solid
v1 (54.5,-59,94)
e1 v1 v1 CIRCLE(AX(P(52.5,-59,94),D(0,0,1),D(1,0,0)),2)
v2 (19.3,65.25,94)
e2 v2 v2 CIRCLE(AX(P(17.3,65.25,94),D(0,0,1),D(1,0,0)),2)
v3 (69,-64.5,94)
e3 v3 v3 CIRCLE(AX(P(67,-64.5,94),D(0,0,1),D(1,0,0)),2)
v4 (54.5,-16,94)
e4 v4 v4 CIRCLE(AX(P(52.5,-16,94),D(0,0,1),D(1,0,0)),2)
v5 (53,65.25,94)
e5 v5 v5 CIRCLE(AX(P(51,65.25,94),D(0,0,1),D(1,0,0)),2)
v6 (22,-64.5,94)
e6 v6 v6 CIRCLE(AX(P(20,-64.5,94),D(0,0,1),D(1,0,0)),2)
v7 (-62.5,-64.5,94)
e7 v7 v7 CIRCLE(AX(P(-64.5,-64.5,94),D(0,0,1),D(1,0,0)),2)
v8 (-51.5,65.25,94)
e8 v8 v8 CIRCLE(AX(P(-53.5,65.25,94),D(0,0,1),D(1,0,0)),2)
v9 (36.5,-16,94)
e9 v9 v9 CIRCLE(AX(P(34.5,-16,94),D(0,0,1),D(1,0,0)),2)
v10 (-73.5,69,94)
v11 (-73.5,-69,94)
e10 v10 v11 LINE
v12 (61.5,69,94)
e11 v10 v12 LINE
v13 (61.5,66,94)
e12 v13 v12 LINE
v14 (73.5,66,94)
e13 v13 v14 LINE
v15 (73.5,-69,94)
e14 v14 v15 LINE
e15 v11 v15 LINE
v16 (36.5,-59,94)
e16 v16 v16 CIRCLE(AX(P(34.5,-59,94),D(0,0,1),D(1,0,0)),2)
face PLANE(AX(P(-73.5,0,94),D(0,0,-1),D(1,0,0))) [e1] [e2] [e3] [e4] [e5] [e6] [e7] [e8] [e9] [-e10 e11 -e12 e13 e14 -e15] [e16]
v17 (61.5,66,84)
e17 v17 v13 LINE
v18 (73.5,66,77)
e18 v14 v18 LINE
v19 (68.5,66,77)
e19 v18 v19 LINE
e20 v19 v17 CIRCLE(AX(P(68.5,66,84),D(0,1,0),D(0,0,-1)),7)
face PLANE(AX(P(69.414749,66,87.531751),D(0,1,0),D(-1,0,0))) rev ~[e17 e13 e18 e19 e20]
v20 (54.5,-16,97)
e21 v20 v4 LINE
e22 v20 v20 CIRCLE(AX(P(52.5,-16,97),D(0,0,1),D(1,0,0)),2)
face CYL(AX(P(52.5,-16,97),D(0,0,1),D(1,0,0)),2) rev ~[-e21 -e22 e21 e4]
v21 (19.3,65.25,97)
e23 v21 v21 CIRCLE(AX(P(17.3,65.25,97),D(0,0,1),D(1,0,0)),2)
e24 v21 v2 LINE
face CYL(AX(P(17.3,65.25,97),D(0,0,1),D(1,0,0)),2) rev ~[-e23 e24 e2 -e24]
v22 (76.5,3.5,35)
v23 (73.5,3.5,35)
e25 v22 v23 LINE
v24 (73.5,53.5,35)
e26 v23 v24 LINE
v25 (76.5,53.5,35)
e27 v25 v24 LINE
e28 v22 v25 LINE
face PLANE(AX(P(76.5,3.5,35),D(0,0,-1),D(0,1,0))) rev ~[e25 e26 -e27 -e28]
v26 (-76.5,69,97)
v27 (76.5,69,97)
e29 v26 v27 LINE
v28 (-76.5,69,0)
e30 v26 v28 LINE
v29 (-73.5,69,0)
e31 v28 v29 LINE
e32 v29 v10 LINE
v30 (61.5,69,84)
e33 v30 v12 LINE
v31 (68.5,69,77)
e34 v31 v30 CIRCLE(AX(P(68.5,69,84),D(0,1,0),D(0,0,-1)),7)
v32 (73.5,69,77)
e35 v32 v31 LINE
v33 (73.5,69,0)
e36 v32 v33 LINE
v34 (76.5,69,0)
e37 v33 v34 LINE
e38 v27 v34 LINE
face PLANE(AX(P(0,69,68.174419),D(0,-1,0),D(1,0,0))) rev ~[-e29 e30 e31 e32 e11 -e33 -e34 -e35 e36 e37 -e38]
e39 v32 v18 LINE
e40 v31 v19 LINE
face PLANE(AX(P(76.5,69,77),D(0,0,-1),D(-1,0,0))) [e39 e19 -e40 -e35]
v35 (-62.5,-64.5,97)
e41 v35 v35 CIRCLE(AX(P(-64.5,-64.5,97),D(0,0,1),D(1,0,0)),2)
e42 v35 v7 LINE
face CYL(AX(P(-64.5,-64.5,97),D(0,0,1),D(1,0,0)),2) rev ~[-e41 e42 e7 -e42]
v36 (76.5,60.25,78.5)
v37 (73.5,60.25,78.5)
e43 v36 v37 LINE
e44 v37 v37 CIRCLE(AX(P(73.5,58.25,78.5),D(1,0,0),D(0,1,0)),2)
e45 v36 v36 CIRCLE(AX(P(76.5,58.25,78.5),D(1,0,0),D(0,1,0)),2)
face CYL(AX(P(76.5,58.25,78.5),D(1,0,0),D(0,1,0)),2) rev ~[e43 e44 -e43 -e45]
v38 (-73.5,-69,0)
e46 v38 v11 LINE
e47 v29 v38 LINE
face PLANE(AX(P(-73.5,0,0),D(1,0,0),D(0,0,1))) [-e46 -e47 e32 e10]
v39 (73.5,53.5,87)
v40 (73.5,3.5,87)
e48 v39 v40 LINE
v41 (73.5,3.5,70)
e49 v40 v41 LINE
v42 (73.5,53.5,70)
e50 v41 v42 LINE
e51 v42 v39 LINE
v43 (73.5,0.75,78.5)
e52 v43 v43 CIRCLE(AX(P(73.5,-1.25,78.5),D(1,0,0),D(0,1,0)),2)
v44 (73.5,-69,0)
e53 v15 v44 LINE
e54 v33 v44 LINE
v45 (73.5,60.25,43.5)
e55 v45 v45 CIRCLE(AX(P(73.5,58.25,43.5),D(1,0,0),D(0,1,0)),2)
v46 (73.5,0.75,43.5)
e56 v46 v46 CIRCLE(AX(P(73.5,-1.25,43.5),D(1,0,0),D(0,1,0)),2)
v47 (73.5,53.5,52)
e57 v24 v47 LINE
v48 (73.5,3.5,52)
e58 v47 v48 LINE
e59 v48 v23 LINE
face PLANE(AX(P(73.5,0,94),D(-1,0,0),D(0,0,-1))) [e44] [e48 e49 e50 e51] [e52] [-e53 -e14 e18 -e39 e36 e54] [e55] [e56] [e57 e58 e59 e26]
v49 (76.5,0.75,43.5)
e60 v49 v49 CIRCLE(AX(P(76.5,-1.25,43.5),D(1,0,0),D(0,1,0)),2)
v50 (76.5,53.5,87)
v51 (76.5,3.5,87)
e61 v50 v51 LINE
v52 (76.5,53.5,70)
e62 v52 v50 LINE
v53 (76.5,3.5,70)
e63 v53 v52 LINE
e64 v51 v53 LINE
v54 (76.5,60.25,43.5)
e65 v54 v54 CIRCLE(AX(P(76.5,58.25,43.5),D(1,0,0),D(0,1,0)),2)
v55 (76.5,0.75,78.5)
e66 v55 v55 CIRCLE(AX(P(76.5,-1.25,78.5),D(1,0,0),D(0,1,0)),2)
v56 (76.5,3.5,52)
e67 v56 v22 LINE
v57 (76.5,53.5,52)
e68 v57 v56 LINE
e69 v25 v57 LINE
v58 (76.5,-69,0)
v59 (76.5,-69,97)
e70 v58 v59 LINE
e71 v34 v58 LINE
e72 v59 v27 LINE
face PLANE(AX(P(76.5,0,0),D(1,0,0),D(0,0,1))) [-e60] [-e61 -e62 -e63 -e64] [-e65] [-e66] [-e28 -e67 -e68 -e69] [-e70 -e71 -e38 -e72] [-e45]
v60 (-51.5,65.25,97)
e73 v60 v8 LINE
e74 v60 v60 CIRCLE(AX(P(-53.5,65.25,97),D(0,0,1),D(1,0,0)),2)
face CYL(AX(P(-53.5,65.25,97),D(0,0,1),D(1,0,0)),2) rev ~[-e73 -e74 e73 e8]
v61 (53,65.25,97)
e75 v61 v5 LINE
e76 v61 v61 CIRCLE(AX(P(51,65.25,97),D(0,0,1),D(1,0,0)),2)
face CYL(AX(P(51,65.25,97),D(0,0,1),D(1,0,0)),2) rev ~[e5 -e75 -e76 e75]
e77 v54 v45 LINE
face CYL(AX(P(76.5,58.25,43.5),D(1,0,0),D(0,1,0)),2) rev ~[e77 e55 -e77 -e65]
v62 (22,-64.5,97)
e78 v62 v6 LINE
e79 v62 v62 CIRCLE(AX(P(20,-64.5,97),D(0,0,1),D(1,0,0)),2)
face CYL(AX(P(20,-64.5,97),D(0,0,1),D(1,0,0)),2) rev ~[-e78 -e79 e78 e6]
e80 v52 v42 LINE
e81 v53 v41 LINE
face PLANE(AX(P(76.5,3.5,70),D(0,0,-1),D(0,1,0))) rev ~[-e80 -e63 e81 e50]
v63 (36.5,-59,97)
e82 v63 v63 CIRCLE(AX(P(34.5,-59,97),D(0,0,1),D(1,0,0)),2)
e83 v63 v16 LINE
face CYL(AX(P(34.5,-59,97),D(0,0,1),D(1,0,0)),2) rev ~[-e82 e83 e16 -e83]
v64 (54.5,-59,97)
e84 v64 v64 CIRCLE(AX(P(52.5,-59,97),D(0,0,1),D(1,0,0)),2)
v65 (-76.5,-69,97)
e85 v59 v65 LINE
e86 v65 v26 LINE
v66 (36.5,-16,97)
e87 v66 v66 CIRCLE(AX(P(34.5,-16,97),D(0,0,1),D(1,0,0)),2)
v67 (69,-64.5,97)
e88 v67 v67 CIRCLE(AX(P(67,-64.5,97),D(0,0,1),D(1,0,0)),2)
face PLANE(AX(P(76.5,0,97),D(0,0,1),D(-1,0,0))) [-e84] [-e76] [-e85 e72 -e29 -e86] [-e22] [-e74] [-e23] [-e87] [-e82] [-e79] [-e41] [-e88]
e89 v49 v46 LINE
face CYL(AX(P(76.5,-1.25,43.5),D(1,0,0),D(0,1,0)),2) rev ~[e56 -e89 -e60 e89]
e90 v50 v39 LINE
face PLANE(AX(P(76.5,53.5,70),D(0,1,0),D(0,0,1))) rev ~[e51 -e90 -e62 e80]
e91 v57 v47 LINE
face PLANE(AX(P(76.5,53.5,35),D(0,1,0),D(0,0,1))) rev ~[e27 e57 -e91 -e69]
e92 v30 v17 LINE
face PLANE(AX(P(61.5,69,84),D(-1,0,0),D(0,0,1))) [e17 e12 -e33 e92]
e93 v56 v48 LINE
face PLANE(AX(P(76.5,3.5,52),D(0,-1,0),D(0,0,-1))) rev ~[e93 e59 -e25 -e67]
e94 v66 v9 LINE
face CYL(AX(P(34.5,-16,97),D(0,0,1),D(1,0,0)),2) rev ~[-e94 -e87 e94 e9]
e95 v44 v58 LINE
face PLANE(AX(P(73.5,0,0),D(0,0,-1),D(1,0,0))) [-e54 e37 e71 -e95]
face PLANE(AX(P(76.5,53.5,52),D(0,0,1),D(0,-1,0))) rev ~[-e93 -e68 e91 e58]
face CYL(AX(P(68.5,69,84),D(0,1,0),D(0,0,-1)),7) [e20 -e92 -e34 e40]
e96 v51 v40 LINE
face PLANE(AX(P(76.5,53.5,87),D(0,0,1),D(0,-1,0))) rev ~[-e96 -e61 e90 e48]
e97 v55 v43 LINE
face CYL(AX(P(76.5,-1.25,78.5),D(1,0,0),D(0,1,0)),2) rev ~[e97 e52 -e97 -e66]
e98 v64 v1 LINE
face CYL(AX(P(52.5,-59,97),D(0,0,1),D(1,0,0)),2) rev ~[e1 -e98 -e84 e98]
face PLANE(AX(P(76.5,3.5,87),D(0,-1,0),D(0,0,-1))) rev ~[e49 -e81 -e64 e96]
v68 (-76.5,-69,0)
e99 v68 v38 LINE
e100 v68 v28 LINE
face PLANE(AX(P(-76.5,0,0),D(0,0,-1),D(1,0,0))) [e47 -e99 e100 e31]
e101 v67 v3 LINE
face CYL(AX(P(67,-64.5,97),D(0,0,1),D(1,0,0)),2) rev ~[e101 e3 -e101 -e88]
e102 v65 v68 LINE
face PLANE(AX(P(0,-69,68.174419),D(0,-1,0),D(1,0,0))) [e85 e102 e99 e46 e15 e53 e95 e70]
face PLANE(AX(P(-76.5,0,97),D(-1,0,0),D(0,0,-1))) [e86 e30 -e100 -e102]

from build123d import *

# Parameters (mm, degrees)
F1_DEPTH = 69
F2_R     = 2
F3_DEPTH = 3
F4_R     = 2
F5_DEPTH = 3
F7_DEPTH = 3


with BuildPart() as f1:
    # F0 (on Front) → F1 (new body, symmetric)
    with BuildSketch(Plane.XZ):
        Polygon((-76.5, 0), (-73.5, 0), (-73.5, 94), (0, 94), (73.5, 94), (73.5, 0), (76.5, 0), (76.5, 97), (0, 97), (-76.5, 97), align=None)
    extrude(amount=F1_DEPTH, both=True)

    # F2 (on face) → F3 (cut, through all)
    with BuildSketch(Plane.YZ.offset(76.5)):
        Polygon((53.5, 87), (28.5, 87), (3.5, 87), (3.5, 70), (28.5, 70), (53.5, 70), align=None)
        with Locations((-1.25, 78.5)):
            Circle(F2_R)
        with Locations((58.25, 78.5)):
            Circle(F2_R)
        with Locations((-1.25, 43.5)):
            Circle(F2_R)
        Polygon((28.5, 52), (3.5, 52), (3.5, 35), (28.5, 35), (53.5, 35), (53.5, 52), align=None)
        with Locations((58.25, 43.5)):
            Circle(F2_R)
    extrude(amount=-F3_DEPTH, mode=Mode.SUBTRACT)

    # F4 (on face) → F5 (cut, through all)
    with BuildSketch(Plane.XY.offset(97)):
        with Locations((-53.5, 65.25)):
            Circle(F4_R)
        with Locations((17.3, 65.25)):
            Circle(F4_R)
        with Locations((51, 65.25)):
            Circle(F4_R)
        with Locations((-64.5, -64.5)):
            Circle(F4_R)
        with Locations((20, -64.5)):
            Circle(F4_R)
        with Locations((67, -64.5)):
            Circle(F4_R)
        with Locations((34.5, -16)):
            Circle(F4_R)
        with Locations((52.5, -16)):
            Circle(F4_R)
        with Locations((52.5, -59)):
            Circle(F4_R)
        with Locations((34.5, -59)):
            Circle(F4_R)
    extrude(amount=-F5_DEPTH, mode=Mode.SUBTRACT)

    # F6 (on face) → F7 (join)
    with BuildSketch(Plane(origin=(0, 69, 0), x_dir=(-1, 0, 0), z_dir=(0, 1, 0))):
        with BuildLine():
            Line((-61.5, 97), (-76.5, 97))
            Line((-76.5, 97), (-76.5, 77))
            Line((-76.5, 77), (-68.5, 77))
            ThreePointArc((-68.5, 77), (-63.5502525317, 79.0502525317), (-61.5, 84))
            Line((-61.5, 84), (-61.5, 97))
        make_face()
    extrude(amount=-F7_DEPTH)


solid = f1.part
